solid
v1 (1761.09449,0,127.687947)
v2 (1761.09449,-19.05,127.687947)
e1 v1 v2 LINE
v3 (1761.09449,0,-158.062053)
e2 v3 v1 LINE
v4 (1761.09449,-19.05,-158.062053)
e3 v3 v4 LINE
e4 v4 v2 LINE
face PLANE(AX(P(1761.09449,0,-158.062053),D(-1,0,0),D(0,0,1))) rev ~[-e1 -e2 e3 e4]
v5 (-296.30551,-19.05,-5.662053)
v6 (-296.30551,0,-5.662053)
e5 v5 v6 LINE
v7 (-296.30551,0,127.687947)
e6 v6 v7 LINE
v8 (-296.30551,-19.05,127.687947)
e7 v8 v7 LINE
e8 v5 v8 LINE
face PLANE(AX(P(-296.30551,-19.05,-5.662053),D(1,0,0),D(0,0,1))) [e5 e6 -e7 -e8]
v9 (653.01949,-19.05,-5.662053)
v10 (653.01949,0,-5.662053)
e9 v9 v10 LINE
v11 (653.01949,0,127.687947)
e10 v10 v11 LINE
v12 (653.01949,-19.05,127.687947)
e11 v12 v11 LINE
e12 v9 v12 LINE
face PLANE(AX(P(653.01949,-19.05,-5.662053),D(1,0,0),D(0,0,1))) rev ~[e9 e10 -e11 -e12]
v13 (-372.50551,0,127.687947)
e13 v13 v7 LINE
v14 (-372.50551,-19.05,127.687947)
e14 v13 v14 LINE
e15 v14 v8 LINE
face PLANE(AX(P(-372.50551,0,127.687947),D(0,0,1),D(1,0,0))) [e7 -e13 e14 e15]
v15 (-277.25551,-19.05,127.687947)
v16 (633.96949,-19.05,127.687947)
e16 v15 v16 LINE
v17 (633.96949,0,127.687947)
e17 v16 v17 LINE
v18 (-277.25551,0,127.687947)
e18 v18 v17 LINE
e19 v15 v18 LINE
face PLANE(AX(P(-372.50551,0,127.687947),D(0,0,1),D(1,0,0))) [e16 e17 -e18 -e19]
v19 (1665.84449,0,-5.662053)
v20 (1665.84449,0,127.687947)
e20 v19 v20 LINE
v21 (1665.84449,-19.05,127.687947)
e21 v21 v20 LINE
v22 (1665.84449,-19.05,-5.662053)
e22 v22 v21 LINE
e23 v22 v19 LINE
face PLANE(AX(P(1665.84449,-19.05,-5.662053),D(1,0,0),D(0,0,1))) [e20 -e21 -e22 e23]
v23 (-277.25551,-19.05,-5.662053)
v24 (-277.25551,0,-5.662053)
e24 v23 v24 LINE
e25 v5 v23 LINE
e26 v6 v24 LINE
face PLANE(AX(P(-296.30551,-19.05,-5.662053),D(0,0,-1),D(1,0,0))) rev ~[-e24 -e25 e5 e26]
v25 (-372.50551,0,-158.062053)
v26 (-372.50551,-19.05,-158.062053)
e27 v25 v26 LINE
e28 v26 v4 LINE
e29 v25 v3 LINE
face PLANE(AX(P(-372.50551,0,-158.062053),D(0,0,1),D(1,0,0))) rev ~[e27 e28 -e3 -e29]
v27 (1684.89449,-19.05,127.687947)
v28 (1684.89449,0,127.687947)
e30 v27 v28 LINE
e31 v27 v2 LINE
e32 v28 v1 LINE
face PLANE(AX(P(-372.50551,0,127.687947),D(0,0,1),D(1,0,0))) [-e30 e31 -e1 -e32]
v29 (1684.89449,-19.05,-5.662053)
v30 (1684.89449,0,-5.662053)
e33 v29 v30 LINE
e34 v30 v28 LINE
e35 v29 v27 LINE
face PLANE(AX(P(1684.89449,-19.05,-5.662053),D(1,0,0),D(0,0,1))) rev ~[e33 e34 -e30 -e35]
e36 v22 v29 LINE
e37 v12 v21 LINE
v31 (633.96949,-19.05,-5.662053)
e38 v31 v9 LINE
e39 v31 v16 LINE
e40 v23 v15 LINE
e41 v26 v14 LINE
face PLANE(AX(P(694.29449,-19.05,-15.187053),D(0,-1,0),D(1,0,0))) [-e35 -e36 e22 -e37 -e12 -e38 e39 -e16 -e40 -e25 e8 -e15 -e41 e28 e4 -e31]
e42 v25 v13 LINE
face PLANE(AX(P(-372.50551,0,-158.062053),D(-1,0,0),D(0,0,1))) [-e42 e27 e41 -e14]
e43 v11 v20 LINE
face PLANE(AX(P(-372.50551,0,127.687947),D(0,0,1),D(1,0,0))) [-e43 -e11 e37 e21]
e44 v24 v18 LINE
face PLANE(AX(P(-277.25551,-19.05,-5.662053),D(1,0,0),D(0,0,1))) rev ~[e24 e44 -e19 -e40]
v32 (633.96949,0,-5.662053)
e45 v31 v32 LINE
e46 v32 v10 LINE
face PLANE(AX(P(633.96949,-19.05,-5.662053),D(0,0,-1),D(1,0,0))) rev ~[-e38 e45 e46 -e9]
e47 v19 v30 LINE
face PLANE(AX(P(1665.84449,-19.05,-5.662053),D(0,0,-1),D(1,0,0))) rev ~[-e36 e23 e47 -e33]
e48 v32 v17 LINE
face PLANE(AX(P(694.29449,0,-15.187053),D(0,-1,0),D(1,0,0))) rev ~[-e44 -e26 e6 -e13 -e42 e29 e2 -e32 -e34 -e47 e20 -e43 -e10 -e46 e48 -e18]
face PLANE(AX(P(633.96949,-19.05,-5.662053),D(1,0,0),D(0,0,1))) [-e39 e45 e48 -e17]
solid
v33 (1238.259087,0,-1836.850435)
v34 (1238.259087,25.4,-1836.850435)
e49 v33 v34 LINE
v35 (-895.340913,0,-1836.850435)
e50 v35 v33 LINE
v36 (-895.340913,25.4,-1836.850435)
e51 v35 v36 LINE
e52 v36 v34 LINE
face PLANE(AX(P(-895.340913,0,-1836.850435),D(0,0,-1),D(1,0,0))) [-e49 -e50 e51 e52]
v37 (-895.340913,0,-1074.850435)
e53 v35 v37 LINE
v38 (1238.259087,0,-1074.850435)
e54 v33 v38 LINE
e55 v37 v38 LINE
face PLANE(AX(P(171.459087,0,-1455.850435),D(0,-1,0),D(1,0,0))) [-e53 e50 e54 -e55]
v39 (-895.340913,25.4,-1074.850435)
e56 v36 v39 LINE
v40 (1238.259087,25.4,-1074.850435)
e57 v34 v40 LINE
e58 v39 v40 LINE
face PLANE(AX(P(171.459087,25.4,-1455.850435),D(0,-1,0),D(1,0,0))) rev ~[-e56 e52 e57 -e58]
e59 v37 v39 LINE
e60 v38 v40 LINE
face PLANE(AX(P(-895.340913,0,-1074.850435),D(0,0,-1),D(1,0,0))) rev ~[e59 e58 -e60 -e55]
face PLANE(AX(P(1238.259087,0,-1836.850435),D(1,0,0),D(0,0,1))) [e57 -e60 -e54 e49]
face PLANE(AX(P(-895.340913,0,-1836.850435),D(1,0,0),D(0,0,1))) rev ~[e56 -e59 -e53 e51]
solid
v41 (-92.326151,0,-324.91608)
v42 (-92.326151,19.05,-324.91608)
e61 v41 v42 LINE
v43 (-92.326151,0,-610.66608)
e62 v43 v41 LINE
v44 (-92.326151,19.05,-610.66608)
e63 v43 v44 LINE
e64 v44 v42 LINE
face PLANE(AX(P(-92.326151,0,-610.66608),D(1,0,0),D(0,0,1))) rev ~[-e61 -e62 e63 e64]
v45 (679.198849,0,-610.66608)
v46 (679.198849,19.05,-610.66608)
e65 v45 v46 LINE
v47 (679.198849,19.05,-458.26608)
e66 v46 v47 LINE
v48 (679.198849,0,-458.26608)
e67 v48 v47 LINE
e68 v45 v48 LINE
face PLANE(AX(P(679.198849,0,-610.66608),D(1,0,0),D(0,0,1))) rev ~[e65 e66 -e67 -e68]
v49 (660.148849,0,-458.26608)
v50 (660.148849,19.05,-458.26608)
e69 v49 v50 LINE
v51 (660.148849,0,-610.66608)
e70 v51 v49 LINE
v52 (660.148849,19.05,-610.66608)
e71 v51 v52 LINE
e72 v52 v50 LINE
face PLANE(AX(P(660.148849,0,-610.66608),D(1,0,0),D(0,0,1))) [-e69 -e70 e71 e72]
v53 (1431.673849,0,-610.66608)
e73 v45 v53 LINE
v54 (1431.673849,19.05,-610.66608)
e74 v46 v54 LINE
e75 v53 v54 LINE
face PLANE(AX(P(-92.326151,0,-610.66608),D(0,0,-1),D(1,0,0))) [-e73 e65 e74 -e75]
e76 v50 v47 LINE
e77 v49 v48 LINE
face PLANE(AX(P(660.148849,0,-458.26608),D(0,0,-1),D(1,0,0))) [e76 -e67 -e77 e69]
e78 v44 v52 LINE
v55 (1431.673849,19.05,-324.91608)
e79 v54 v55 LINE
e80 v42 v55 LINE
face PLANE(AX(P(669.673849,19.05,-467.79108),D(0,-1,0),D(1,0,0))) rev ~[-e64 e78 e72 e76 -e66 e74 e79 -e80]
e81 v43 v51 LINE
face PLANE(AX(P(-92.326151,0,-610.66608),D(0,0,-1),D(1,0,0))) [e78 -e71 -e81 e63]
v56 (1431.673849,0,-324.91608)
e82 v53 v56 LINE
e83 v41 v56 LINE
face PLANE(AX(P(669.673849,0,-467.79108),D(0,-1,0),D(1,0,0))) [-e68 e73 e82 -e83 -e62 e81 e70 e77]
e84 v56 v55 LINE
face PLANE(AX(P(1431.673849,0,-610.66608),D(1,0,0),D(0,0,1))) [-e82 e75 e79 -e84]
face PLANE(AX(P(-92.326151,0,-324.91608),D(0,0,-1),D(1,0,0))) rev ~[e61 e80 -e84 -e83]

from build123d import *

# Parameters (mm, degrees)
F0_W     = 2133.6
F0_H     = 285.75
F1_DEPTH = 19.05
F2_W     = 19.05
F2_H     = 133.35
F3_DEPTH = 19.051
F4_W     = 1524
F4_H     = 285.75
F5_DEPTH = 19.05
F6_W     = 19.05
F6_H     = 152.4
F7_DEPTH = 19.051
F8_W     = 2133.6
F8_H     = 762
F9_DEPTH = 25.4


with BuildPart() as f1:
    # F0 (on Front) → F1 (new body)
    with BuildSketch(Plane.XZ):
        with Locations((694.29449, -15.187053)):
            Rectangle(F0_W, F0_H)
    extrude(amount=F1_DEPTH)

    # F2 (on face) → F3 (cut, through all)
    with BuildSketch(Plane.XZ.offset(19.05)):
        with Locations((643.49449, 61.012947)):
            Rectangle(F2_W, F2_H)
        with Locations((-286.78051, 61.012947)):
            Rectangle(F2_W, F2_H)
        with Locations((1675.36949, 61.012947)):
            Rectangle(F2_W, F2_H)
    extrude(amount=-F3_DEPTH, mode=Mode.SUBTRACT)


with BuildPart() as f5:
    # F4 (on Front) → F5 (new body)
    with BuildSketch(Plane.XZ):
        with Locations((669.673849, -467.79108)):
            Rectangle(F4_W, F4_H)
    extrude(amount=-F5_DEPTH)

    # F6 (on face) → F7 (cut, through all)
    with BuildSketch(Plane.XZ):
        with Locations((669.673849, -534.46608)):
            Rectangle(F6_W, F6_H)
    extrude(amount=-F7_DEPTH, mode=Mode.SUBTRACT)


with BuildPart() as f9:
    # F8 (on Front) → F9 (new body)
    with BuildSketch(Plane.XZ):
        with Locations((171.459087, -1455.850435)):
            Rectangle(F8_W, F8_H)
    extrude(amount=-F9_DEPTH)


solid = Compound([f1.part, f5.part, f9.part])
